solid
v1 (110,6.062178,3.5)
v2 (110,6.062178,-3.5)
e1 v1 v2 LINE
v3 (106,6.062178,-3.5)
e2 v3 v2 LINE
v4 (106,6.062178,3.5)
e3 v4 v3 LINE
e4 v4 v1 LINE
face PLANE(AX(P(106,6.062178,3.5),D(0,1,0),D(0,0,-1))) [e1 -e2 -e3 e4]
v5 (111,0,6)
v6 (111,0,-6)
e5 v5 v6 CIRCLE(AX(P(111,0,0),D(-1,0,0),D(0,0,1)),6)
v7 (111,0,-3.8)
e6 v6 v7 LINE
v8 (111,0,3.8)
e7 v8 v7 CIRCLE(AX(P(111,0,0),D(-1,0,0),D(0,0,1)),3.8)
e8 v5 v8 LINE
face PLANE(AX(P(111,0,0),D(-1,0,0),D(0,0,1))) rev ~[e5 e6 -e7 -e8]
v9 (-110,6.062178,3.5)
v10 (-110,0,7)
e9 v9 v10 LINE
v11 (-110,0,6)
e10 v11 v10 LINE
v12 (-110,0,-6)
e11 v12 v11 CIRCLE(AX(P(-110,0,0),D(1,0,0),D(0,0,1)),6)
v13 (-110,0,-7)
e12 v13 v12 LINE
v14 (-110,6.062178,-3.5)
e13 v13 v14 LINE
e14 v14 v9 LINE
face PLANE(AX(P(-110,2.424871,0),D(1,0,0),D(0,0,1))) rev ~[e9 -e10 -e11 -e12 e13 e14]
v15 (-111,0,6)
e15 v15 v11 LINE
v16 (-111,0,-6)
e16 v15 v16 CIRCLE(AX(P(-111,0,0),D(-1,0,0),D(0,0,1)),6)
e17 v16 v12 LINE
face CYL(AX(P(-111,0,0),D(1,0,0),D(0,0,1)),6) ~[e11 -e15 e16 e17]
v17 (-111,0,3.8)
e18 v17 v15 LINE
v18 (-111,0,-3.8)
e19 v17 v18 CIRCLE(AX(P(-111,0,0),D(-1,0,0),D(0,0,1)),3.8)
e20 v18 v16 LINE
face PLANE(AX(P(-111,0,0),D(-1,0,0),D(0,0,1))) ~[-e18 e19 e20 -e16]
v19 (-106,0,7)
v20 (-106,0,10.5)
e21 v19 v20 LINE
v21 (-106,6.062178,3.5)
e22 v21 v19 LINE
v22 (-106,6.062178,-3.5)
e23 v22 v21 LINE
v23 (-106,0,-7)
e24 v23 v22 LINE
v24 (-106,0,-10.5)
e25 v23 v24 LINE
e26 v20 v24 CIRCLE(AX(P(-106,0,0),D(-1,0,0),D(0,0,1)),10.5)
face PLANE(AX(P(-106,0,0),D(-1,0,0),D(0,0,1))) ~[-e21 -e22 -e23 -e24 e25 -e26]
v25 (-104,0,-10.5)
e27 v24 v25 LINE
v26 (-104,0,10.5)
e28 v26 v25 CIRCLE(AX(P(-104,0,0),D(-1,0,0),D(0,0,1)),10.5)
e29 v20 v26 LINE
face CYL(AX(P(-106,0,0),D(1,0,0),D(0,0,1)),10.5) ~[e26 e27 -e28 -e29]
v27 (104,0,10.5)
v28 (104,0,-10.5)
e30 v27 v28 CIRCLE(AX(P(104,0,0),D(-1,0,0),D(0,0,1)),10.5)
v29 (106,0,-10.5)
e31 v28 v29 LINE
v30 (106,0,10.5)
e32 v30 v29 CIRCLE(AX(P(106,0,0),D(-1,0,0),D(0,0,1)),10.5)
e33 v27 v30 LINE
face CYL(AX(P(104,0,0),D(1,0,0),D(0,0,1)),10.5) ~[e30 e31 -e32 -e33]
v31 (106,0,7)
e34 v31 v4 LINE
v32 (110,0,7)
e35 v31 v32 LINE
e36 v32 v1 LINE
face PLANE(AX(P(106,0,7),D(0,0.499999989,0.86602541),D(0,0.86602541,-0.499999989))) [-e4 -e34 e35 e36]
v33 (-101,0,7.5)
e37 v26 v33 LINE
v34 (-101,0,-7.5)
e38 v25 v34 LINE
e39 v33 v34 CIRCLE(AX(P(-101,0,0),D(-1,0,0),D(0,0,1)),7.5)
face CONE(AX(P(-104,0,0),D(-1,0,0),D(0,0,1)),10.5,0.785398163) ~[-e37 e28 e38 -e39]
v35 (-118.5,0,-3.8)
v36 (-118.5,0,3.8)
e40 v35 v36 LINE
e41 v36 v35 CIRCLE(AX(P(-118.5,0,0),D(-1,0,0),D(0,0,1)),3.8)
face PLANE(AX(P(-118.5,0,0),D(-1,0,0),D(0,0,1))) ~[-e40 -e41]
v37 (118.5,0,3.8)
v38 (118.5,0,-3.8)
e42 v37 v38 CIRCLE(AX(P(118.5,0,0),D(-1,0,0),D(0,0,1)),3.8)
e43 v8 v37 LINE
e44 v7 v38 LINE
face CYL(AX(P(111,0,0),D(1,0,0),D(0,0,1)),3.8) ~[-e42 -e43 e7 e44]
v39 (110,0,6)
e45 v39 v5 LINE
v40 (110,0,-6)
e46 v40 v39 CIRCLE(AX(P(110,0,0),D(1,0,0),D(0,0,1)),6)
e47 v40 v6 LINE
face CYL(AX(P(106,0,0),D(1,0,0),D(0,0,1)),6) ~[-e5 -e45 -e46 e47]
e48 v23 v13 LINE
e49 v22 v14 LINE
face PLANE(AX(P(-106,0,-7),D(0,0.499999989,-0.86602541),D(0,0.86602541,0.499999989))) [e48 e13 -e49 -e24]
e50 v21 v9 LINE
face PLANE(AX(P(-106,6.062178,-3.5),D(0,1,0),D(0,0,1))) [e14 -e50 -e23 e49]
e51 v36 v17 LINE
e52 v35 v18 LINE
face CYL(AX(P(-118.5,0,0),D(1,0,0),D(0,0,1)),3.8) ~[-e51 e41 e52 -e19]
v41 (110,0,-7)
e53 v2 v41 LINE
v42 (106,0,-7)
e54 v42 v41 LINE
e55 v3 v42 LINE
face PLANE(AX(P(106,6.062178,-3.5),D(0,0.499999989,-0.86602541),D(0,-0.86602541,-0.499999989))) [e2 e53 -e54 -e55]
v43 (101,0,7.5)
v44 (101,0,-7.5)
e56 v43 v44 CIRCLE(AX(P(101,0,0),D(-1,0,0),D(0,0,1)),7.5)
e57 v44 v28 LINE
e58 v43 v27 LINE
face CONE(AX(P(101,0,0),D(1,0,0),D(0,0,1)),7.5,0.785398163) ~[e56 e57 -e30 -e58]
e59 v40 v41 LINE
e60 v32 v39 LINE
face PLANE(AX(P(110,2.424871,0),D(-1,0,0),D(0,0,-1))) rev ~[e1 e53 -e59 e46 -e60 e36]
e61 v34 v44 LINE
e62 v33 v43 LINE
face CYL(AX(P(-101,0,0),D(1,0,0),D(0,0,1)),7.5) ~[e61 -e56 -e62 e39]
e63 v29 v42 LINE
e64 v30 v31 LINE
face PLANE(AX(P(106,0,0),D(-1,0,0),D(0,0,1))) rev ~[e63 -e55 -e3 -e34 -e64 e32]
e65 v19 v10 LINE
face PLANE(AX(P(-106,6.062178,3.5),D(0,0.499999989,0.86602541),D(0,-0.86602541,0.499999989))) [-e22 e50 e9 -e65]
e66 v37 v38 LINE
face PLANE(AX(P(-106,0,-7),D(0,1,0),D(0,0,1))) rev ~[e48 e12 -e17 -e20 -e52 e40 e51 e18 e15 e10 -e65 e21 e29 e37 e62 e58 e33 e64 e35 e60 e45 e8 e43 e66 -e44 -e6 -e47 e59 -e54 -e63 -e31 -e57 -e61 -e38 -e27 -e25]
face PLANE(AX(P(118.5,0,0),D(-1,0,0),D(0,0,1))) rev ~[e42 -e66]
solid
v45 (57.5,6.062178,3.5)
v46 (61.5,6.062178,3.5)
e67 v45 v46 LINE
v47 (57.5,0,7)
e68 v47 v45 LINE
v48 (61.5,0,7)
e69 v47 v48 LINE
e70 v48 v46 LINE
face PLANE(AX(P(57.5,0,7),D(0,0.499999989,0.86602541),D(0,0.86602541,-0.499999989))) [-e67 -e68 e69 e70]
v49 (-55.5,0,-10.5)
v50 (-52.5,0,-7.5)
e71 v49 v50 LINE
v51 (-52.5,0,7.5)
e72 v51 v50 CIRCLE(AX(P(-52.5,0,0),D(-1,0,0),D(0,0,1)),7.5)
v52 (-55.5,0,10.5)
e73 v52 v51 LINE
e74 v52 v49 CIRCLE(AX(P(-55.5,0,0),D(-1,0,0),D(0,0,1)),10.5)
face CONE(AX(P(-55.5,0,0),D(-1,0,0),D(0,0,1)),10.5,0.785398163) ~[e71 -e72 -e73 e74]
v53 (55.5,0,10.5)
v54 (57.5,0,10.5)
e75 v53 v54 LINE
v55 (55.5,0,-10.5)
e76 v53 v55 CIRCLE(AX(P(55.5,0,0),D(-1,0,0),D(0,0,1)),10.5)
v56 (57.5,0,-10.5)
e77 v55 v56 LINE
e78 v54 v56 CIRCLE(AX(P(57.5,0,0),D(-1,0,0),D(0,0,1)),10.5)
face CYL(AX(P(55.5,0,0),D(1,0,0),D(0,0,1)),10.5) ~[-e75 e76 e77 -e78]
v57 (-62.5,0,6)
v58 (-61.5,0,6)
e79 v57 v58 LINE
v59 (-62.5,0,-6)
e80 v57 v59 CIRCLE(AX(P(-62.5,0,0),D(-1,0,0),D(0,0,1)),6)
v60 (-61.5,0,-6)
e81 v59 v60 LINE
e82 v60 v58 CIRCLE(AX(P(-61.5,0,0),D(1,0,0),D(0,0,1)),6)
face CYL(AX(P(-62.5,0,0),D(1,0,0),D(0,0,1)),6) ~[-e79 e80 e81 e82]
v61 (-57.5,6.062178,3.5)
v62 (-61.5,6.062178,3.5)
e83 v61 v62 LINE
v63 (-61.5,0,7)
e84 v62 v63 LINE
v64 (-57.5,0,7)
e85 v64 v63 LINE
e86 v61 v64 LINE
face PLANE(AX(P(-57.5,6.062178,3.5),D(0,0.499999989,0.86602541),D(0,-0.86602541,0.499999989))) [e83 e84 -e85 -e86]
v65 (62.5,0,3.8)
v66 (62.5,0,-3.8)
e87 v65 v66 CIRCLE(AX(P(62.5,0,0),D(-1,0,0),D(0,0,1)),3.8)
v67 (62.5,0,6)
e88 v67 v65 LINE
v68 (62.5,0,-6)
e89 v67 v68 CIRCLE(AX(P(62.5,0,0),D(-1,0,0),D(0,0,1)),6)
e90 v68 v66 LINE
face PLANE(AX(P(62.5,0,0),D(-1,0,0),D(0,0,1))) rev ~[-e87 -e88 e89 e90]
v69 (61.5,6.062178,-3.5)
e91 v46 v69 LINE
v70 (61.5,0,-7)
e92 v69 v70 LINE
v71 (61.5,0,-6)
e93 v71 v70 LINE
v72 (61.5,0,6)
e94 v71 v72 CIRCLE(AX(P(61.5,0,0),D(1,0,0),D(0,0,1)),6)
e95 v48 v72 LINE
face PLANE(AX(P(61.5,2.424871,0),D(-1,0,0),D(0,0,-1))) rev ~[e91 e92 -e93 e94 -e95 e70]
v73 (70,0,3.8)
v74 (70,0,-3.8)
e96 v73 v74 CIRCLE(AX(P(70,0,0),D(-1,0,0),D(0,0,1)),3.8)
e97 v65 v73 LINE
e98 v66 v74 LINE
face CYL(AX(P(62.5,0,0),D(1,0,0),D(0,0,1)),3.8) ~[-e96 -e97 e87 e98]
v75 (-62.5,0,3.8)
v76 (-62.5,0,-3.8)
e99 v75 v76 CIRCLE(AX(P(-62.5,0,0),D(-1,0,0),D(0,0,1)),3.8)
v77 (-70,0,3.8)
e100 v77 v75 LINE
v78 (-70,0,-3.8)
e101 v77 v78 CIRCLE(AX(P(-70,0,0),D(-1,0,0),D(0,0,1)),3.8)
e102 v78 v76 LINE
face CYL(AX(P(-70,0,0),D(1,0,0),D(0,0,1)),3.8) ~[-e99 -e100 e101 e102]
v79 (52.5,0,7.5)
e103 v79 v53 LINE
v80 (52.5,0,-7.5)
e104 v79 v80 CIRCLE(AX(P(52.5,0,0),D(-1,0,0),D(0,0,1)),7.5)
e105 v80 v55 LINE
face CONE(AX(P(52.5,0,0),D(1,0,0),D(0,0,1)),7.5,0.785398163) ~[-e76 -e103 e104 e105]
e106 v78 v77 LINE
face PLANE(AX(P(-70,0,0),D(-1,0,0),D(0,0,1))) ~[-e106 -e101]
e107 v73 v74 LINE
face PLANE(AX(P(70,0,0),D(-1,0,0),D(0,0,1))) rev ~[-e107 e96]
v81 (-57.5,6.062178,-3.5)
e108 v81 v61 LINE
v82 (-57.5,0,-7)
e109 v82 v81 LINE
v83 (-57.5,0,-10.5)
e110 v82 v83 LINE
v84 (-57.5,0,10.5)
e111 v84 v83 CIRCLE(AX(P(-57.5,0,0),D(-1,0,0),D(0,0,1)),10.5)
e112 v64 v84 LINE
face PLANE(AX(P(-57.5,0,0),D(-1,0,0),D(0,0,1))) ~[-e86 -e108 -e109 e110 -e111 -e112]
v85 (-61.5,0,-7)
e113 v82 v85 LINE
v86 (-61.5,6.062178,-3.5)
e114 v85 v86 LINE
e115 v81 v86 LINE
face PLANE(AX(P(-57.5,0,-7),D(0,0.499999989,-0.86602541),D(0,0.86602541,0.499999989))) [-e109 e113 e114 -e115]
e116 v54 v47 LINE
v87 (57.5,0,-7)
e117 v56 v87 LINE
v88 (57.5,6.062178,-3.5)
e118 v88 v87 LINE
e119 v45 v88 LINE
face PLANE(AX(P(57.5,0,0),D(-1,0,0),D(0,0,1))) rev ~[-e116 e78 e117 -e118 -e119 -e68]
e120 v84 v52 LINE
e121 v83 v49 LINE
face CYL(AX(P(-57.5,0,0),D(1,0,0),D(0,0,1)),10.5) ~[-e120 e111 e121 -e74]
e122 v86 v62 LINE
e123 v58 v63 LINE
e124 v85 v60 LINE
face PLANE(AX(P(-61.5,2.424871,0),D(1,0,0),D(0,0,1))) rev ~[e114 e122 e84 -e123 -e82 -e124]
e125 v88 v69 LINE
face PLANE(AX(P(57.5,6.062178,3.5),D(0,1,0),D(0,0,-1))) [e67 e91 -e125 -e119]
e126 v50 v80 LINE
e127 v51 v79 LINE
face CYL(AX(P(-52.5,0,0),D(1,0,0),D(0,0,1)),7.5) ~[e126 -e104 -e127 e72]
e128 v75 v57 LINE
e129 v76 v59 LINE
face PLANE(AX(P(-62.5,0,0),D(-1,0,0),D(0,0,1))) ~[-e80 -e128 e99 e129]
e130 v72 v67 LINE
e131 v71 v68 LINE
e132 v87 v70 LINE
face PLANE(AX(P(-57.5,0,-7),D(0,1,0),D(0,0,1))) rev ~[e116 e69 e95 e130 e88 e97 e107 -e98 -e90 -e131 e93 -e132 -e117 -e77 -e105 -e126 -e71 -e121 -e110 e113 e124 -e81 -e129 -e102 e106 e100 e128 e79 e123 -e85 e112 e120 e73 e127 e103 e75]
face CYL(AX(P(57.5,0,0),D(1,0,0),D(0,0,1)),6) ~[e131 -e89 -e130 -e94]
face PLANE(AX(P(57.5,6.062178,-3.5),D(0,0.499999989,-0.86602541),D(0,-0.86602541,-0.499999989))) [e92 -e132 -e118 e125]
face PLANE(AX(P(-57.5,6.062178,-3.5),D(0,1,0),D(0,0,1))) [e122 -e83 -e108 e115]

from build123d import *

# Parameters (mm, degrees)
REVOLUTION_ANGLE    = -180
PAD_DEPTH           = 4
PAD004_DEPTH        = 4
REVOLUTION001_ANGLE = -180
PAD002_DEPTH        = 4
PAD003_DEPTH        = 4


with BuildPart() as body:
    # Sketch → Revolution (revolve)
    with BuildSketch(Plane.XZ):
        Polygon((-70, 0), (-70, 3.8), (-62.5, 3.8), (-62.5, 6), (-57.5, 6), (-57.5, 10.5), (-55.5, 10.5), (-52.5, 7.5), (52.5, 7.5), (55.5, 10.5), (57.5, 10.5), (57.5, 6), (62.5, 6), (62.5, 3.8), (70, 3.8), (70, 0), align=None)
    revolve(axis=Axis((0, 0, 0), (1, 0, 0)), revolution_arc=REVOLUTION_ANGLE)

    # Sketch002 (on Face11 of Revolution) → Pad (new body)
    with BuildSketch(Plane(origin=(57.5, 0, 0), x_dir=(0, 0, 1), z_dir=(1, 0, 0))):
        Polygon((0, 0), (7, 0), (3.5, -6.062178), (-3.5, -6.062178), (-7, 0), align=None)
    extrude(amount=PAD_DEPTH)

    # Sketch007 (on Face5 of Revolution) → Pad004 (join)
    with BuildSketch(Plane(origin=(-57.5, 0, 0), x_dir=(0, 0, -1), z_dir=(-1, 0, 0))):
        Polygon((0, 0), (7, 0), (3.5, -6.062178), (-3.5, -6.062178), (-7, 0), align=None)
    extrude(amount=PAD004_DEPTH)


with BuildPart() as body001:
    # Sketch003 → Revolution001 (revolve)
    with BuildSketch(Plane.XZ):
        Polygon((-118.5, 0), (-118.5, 3.8), (-111, 3.8), (-111, 6), (-106, 6), (-106, 10.5), (-104, 10.5), (-101, 7.5), (101, 7.5), (104, 10.5), (106, 10.5), (106, 6), (111, 6), (111, 3.8), (118.5, 3.8), (118.5, 0), align=None)
    revolve(axis=Axis((0, 0, 0), (1, 0, 0)), revolution_arc=REVOLUTION001_ANGLE)

    # Sketch005 (on Face11 of Revolution001) → Pad002 (new body)
    with BuildSketch(Plane(origin=(106, 0, 0), x_dir=(0, 0, 1), z_dir=(1, 0, 0))):
        Polygon((0, 0), (7, 0), (3.5, -6.062178), (-3.5, -6.062178), (-7, 0), align=None)
    extrude(amount=PAD002_DEPTH)

    # Sketch006 (on Face5 of Revolution001) → Pad003 (join)
    with BuildSketch(Plane(origin=(-106, 0, 0), x_dir=(0, 0, -1), z_dir=(-1, 0, 0))):
        Polygon((0, 0), (7, 0), (3.5, -6.062178), (-3.5, -6.062178), (-7, 0), align=None)
    extrude(amount=PAD003_DEPTH)


solid = Compound([body.part, body001.part])
